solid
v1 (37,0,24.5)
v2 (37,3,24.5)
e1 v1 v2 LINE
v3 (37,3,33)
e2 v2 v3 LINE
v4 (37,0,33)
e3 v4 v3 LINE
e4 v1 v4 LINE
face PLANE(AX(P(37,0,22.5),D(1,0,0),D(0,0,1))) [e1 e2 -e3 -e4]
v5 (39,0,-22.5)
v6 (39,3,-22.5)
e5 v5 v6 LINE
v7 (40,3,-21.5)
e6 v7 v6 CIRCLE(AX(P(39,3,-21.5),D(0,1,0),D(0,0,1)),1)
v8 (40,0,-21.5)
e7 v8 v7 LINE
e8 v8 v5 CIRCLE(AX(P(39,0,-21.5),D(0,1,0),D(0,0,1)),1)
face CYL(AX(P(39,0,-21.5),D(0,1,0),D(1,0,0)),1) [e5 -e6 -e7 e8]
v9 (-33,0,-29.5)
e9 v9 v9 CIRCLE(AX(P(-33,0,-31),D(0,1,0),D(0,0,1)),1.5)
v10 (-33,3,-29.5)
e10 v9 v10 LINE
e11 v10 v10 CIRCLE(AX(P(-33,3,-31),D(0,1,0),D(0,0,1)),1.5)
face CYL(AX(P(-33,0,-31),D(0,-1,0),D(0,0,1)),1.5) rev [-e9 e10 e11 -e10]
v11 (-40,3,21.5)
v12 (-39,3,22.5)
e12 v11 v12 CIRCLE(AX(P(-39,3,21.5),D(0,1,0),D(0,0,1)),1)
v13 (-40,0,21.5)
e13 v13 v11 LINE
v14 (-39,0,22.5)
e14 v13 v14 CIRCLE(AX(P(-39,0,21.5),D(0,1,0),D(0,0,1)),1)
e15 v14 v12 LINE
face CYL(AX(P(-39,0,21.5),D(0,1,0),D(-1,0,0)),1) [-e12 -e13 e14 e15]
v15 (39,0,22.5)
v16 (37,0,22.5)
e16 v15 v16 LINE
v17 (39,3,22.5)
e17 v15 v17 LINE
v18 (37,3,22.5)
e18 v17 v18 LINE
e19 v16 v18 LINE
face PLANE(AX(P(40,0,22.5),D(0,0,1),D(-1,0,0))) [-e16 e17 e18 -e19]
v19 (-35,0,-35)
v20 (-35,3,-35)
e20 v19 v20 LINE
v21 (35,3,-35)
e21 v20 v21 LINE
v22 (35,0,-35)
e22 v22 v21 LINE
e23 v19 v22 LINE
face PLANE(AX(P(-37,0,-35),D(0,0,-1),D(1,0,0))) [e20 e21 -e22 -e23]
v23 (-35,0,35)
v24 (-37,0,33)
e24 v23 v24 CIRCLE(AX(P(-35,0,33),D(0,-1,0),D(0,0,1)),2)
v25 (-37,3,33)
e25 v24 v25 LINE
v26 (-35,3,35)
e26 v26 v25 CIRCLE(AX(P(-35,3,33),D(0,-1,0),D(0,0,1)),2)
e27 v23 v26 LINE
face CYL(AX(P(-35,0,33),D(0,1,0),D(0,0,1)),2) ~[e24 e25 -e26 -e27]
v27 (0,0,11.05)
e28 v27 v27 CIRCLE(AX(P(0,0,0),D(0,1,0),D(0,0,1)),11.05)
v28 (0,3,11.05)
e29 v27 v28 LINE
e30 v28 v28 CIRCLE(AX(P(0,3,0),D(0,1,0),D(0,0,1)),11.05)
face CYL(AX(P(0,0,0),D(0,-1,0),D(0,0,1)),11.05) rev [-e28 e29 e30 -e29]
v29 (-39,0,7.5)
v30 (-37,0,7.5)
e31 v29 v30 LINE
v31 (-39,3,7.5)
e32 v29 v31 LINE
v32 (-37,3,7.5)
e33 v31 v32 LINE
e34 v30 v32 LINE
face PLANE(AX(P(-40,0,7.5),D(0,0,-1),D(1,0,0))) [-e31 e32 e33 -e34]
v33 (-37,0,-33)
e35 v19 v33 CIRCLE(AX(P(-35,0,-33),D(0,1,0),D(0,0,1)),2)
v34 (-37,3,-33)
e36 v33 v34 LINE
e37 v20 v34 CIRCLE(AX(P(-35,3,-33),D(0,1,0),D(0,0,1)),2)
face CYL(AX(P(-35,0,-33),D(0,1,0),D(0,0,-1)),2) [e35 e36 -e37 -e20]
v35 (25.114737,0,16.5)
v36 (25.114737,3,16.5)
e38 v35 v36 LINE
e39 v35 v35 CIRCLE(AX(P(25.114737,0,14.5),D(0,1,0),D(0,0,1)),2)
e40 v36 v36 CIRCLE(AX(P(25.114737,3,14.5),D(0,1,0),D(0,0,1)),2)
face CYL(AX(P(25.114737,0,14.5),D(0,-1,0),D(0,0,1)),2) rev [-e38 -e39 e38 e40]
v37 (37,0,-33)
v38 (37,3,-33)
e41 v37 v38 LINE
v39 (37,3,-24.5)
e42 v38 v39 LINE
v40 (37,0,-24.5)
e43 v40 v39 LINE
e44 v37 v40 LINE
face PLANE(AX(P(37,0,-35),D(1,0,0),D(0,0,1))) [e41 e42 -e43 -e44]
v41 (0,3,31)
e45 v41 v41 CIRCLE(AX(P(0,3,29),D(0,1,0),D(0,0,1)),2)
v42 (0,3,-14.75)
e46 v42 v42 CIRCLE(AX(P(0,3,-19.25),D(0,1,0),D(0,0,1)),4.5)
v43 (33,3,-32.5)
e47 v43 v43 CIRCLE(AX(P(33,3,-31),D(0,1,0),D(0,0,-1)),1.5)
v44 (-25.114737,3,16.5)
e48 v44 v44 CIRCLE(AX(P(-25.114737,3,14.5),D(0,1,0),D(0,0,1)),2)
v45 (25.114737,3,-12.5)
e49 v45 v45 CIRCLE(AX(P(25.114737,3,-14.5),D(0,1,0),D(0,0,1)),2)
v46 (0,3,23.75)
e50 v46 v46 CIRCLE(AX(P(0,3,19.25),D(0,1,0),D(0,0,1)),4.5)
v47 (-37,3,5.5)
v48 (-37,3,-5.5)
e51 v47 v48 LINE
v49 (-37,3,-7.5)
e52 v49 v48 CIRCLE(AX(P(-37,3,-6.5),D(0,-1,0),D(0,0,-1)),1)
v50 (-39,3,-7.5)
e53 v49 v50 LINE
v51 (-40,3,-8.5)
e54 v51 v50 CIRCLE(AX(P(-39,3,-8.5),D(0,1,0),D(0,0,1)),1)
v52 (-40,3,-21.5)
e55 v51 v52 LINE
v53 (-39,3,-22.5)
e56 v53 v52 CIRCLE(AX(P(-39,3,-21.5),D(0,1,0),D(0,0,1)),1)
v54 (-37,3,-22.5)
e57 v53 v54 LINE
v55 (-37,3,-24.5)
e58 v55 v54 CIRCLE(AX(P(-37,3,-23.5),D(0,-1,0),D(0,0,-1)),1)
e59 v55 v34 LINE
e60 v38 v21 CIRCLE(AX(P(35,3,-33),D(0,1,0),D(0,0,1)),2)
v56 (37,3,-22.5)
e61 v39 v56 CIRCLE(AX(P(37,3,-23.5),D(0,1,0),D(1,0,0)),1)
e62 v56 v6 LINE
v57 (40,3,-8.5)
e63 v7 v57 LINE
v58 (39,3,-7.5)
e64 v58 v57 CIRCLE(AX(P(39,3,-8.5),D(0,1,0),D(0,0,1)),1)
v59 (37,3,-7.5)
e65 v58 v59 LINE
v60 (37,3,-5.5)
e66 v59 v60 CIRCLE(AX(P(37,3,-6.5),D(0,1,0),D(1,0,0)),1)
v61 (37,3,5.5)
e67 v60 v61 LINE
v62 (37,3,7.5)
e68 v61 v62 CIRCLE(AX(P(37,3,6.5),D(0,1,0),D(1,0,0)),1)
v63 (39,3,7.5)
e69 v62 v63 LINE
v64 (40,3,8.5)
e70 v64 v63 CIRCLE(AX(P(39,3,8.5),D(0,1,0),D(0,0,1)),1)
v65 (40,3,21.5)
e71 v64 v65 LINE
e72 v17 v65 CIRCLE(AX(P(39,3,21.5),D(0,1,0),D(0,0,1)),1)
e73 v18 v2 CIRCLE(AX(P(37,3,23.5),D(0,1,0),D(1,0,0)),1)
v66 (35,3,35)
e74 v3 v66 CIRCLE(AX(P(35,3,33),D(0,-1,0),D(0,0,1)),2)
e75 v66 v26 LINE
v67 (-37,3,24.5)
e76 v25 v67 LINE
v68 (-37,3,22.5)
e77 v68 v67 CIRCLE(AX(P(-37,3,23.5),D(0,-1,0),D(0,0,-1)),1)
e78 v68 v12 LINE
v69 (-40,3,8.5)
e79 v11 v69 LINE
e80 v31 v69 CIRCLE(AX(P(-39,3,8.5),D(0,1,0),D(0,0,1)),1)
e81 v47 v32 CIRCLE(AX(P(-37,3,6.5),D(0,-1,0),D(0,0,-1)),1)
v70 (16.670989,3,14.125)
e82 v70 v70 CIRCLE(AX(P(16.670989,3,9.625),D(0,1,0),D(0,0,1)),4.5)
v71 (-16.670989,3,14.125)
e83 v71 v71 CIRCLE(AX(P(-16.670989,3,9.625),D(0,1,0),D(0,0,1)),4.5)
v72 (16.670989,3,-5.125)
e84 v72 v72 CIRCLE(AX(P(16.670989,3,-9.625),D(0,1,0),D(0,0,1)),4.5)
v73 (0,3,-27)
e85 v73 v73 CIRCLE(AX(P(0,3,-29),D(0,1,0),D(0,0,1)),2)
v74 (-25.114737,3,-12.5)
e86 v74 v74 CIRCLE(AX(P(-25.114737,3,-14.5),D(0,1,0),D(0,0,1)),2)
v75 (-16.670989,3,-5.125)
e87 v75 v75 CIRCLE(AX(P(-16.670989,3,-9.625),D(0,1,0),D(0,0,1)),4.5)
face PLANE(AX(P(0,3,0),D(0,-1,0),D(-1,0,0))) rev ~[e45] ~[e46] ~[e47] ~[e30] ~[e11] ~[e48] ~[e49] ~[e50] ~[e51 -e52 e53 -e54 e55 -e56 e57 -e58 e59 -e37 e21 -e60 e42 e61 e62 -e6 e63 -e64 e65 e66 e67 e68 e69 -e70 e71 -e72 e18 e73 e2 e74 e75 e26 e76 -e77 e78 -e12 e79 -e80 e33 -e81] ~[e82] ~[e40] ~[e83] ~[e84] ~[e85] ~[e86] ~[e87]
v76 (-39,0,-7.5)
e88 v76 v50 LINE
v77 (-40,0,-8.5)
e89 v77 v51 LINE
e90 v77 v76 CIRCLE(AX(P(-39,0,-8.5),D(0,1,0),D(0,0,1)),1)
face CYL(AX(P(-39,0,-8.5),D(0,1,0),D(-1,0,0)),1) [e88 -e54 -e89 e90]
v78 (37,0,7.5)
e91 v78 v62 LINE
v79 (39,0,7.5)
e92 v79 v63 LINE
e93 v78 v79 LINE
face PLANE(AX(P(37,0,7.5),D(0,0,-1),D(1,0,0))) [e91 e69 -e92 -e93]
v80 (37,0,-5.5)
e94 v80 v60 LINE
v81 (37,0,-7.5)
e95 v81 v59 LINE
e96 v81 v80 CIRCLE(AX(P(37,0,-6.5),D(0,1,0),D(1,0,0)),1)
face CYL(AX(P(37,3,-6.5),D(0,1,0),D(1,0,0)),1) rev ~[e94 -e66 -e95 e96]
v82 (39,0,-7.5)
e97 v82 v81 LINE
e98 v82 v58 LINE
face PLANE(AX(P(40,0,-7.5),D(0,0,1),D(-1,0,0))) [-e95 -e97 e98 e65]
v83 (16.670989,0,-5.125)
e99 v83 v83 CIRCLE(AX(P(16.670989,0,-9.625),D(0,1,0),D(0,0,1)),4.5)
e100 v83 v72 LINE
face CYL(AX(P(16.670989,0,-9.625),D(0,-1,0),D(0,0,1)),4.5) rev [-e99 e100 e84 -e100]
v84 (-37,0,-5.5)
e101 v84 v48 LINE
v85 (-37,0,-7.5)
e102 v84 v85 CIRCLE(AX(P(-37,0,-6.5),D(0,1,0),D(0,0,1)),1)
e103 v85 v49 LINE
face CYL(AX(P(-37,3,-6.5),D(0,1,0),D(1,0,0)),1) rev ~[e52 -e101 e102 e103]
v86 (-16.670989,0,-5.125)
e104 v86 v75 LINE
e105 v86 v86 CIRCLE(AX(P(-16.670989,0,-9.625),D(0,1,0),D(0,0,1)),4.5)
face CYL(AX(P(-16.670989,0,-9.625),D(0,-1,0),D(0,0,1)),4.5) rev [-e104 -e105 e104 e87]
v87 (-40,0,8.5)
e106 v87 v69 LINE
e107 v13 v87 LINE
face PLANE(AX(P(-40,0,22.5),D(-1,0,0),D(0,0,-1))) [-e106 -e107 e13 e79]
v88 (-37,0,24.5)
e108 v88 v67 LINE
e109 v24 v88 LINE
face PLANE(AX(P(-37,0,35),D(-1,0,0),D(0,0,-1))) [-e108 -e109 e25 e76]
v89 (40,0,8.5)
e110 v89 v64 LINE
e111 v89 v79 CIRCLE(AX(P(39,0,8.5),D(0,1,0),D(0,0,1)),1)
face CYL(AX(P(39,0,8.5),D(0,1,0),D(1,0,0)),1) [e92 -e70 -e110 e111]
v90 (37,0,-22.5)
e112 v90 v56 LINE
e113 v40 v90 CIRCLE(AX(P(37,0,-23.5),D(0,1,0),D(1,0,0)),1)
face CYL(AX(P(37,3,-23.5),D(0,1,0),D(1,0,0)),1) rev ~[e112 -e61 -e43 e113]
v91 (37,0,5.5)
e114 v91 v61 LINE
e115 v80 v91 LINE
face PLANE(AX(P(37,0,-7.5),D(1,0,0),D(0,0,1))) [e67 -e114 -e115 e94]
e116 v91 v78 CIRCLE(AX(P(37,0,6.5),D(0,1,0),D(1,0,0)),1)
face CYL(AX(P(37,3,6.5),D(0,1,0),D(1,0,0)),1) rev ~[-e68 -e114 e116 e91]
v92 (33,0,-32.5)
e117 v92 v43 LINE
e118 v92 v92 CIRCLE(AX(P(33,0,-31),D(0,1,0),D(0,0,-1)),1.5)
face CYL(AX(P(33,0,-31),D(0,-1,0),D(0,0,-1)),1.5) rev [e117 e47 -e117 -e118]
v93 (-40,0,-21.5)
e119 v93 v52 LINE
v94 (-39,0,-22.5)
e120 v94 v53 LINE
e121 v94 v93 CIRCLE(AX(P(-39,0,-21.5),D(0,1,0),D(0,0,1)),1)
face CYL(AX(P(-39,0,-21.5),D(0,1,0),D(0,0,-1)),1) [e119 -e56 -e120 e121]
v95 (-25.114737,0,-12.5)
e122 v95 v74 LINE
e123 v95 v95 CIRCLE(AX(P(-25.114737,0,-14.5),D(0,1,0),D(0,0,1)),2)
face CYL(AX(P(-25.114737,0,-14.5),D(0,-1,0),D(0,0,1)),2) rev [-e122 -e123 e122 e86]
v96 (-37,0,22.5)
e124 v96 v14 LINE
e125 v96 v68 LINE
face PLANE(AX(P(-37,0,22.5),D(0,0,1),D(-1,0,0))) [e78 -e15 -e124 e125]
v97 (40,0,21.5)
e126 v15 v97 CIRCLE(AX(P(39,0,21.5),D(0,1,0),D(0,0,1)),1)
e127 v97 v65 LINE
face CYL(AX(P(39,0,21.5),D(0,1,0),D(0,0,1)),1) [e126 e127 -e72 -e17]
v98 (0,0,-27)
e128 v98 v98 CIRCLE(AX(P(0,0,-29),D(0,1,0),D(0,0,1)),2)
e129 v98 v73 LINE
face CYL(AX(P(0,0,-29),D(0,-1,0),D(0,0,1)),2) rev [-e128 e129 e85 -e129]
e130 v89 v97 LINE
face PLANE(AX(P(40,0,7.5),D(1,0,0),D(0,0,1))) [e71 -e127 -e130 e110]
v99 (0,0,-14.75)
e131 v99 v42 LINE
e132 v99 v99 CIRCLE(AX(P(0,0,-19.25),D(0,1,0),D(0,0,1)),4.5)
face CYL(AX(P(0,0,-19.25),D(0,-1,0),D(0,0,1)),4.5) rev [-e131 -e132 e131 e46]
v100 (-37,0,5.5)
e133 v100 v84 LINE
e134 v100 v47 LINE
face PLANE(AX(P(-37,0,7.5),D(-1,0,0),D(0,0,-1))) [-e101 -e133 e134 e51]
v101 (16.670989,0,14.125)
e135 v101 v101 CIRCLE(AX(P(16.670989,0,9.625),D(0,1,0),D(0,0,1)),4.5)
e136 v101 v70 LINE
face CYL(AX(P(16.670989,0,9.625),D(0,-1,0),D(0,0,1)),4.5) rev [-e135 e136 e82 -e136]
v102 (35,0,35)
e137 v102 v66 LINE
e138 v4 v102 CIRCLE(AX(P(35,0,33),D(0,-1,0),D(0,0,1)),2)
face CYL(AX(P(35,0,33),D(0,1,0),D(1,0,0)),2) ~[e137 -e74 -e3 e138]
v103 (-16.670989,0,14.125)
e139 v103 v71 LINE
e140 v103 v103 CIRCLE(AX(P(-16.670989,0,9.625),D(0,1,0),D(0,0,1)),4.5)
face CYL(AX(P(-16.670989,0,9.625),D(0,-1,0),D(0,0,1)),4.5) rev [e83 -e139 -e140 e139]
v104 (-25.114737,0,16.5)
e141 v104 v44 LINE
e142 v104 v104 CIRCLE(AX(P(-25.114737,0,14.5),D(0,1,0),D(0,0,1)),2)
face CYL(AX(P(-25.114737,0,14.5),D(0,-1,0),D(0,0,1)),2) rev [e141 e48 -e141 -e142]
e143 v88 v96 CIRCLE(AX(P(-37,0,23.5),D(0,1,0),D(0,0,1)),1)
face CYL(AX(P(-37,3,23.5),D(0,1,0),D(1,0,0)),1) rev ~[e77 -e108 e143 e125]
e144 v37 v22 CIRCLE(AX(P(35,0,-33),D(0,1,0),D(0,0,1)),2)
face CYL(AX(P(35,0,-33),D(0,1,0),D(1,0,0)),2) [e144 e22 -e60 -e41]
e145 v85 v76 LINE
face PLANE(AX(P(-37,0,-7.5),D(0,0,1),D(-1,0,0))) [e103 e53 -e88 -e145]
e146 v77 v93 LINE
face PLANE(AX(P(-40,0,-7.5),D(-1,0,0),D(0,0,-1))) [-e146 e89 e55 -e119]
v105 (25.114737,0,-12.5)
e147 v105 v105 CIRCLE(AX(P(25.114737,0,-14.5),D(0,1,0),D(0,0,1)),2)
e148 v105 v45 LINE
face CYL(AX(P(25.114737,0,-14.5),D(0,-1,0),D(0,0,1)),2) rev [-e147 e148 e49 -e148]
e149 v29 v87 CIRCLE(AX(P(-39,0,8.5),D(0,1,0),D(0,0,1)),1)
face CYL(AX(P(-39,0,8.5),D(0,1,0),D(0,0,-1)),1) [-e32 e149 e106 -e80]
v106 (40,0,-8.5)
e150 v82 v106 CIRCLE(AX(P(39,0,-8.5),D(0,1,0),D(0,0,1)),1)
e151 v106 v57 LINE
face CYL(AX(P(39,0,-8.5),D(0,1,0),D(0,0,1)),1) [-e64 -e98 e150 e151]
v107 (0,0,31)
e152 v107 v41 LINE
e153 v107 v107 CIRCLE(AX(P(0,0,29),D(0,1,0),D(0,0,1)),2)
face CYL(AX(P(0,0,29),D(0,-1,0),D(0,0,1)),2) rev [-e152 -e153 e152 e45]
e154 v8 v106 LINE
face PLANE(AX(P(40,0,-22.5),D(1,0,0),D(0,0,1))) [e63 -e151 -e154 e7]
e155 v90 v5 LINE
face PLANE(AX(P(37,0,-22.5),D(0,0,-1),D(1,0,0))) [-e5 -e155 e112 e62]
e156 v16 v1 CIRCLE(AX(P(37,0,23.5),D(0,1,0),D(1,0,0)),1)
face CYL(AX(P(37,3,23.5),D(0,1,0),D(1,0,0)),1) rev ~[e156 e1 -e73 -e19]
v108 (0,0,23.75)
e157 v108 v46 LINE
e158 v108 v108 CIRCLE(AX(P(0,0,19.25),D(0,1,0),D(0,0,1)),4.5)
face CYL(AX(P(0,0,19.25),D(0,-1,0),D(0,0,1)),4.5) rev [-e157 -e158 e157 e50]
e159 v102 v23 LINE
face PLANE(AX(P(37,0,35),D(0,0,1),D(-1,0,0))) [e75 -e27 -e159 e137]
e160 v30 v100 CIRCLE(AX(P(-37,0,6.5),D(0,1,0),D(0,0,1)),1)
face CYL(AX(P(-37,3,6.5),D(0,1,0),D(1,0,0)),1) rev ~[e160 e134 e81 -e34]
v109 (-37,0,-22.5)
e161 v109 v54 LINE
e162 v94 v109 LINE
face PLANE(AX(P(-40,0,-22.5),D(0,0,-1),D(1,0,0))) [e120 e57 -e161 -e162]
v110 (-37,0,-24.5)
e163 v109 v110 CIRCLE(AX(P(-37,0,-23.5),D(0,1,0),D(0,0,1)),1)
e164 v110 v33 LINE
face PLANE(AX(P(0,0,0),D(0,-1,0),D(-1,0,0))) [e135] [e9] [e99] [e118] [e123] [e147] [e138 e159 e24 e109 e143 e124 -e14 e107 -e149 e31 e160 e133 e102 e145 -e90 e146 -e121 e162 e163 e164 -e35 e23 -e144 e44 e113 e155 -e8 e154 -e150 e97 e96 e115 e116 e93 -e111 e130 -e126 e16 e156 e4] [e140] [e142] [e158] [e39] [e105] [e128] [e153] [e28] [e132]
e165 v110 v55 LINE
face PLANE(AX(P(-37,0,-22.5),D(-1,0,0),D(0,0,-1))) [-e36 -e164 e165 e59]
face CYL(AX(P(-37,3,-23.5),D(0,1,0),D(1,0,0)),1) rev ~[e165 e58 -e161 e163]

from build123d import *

# Parameters (mm, degrees)
SKETCH_2_R          = 11.05
SKETCH_2_R_2        = 2
SKETCH_2_R_3        = 4.5
SKETCH_2_R_4        = 1.5
EXTRUDE_1_DEPTH     = 3
SKETCH_3_R          = 1
CUT_EXTRUDE_1_DEPTH = 54.235326617
FILLET_1_R          = 1
FILLET_2_R          = 2


with BuildPart() as part:
    # 草图2 → 凸台-拉伸1 (new body)
    with BuildSketch(Plane(origin=(0, 0, 0), x_dir=(1, 0, 0), z_dir=(0, 1, 0))):
        Polygon((-37, 35), (37, 35), (37, 22.5), (40, 22.5), (40, 7.5), (37, 7.5), (37, -7.5), (40, -7.5), (40, -22.5), (37, -22.5), (37, -35), (-37, -35), (-37, -22.5), (-40, -22.5), (-40, -7.5), (-37, -7.5), (-37, 7.5), (-40, 7.5), (-40, 22.5), (-37, 22.5), align=None)
        with Locations(Location((0, 0, 0), (0, 0, 270))):
            Circle(SKETCH_2_R, mode=Mode.SUBTRACT)
        with Locations(Location((0, 29, 0), (0, 0, 270))):
            Circle(SKETCH_2_R_2, mode=Mode.SUBTRACT)
        with Locations(Location((0, 19.25, 0), (0, 0, 270))):
            Circle(SKETCH_2_R_3, mode=Mode.SUBTRACT)
        with Locations(Location((-33, 31, 0), (0, 0, 270))):
            Circle(SKETCH_2_R_4, mode=Mode.SUBTRACT)
        with Locations(Location((25.11473671, 14.5, 0), (0, 0, 270))):
            Circle(SKETCH_2_R_2, mode=Mode.SUBTRACT)
        with Locations(Location((16.670989023, 9.625, 0), (0, 0, 270))):
            Circle(SKETCH_2_R_3, mode=Mode.SUBTRACT)
        with Locations(Location((25.11473671, -14.5, 0), (0, 0, 270))):
            Circle(SKETCH_2_R_2, mode=Mode.SUBTRACT)
        with Locations(Location((16.670989023, -9.625, 0), (0, 0, 270))):
            Circle(SKETCH_2_R_3, mode=Mode.SUBTRACT)
        with Locations(Location((0, -29, 0), (0, 0, 270))):
            Circle(SKETCH_2_R_2, mode=Mode.SUBTRACT)
        with Locations(Location((0, -19.25, 0), (0, 0, 270))):
            Circle(SKETCH_2_R_3, mode=Mode.SUBTRACT)
        with Locations(Location((-25.11473671, -14.5, 0), (0, 0, 270))):
            Circle(SKETCH_2_R_2, mode=Mode.SUBTRACT)
        with Locations(Location((-16.670989023, -9.625, 0), (0, 0, 270))):
            Circle(SKETCH_2_R_3, mode=Mode.SUBTRACT)
        with Locations(Location((-25.11473671, 14.5, 0), (0, 0, 270))):
            Circle(SKETCH_2_R_2, mode=Mode.SUBTRACT)
        with Locations(Location((-16.670989023, 9.625, 0), (0, 0, 270))):
            Circle(SKETCH_2_R_3, mode=Mode.SUBTRACT)
        with Locations(Location((33, 31, 0), (0, 0, 90))):
            Circle(SKETCH_2_R_4, mode=Mode.SUBTRACT)
    extrude(amount=EXTRUDE_1_DEPTH)

    # 草图3 → 切除-拉伸1 (cut, through all)
    with BuildSketch(Plane(origin=(0, 3, 0), x_dir=(1, 0, 0), z_dir=(0, 1, 0))):
        with Locations((-37, 23.5)):
            Circle(SKETCH_3_R)
        with Locations((-37, 6.5)):
            Circle(SKETCH_3_R)
        with Locations((-37, -6.5)):
            Circle(SKETCH_3_R)
        with Locations((-37, -23.5)):
            Circle(SKETCH_3_R)
        with Locations((37, -23.5)):
            Circle(SKETCH_3_R)
        with Locations((37, -6.5)):
            Circle(SKETCH_3_R)
        with Locations((37, 6.5)):
            Circle(SKETCH_3_R)
        with Locations((37, 23.5)):
            Circle(SKETCH_3_R)
    extrude(amount=-CUT_EXTRUDE_1_DEPTH, mode=Mode.SUBTRACT)

    # 圆角1
    fillet_1_edges = [part.edges().sort_by_distance(p)[0] for p in [
        (40, 1.5, -22.5),
        (40, 1.5, -7.5),
        (40, 1.5, 7.5),
        (40, 1.5, 22.5),
        (-40, 1.5, 22.5),
        (-40, 1.5, 7.5),
        (-40, 1.5, -7.5),
        (-40, 1.5, -22.5),
    ]]
    fillet(fillet_1_edges, radius=FILLET_1_R)

    # 圆角2
    fillet_2_edges = [part.edges().sort_by_distance(p)[0] for p in [
        (-37, 1.5, -35),
        (37, 1.5, -35),
        (37, 1.5, 35),
        (-37, 1.5, 35),
    ]]
    fillet(fillet_2_edges, radius=FILLET_2_R)


solid = part.part
